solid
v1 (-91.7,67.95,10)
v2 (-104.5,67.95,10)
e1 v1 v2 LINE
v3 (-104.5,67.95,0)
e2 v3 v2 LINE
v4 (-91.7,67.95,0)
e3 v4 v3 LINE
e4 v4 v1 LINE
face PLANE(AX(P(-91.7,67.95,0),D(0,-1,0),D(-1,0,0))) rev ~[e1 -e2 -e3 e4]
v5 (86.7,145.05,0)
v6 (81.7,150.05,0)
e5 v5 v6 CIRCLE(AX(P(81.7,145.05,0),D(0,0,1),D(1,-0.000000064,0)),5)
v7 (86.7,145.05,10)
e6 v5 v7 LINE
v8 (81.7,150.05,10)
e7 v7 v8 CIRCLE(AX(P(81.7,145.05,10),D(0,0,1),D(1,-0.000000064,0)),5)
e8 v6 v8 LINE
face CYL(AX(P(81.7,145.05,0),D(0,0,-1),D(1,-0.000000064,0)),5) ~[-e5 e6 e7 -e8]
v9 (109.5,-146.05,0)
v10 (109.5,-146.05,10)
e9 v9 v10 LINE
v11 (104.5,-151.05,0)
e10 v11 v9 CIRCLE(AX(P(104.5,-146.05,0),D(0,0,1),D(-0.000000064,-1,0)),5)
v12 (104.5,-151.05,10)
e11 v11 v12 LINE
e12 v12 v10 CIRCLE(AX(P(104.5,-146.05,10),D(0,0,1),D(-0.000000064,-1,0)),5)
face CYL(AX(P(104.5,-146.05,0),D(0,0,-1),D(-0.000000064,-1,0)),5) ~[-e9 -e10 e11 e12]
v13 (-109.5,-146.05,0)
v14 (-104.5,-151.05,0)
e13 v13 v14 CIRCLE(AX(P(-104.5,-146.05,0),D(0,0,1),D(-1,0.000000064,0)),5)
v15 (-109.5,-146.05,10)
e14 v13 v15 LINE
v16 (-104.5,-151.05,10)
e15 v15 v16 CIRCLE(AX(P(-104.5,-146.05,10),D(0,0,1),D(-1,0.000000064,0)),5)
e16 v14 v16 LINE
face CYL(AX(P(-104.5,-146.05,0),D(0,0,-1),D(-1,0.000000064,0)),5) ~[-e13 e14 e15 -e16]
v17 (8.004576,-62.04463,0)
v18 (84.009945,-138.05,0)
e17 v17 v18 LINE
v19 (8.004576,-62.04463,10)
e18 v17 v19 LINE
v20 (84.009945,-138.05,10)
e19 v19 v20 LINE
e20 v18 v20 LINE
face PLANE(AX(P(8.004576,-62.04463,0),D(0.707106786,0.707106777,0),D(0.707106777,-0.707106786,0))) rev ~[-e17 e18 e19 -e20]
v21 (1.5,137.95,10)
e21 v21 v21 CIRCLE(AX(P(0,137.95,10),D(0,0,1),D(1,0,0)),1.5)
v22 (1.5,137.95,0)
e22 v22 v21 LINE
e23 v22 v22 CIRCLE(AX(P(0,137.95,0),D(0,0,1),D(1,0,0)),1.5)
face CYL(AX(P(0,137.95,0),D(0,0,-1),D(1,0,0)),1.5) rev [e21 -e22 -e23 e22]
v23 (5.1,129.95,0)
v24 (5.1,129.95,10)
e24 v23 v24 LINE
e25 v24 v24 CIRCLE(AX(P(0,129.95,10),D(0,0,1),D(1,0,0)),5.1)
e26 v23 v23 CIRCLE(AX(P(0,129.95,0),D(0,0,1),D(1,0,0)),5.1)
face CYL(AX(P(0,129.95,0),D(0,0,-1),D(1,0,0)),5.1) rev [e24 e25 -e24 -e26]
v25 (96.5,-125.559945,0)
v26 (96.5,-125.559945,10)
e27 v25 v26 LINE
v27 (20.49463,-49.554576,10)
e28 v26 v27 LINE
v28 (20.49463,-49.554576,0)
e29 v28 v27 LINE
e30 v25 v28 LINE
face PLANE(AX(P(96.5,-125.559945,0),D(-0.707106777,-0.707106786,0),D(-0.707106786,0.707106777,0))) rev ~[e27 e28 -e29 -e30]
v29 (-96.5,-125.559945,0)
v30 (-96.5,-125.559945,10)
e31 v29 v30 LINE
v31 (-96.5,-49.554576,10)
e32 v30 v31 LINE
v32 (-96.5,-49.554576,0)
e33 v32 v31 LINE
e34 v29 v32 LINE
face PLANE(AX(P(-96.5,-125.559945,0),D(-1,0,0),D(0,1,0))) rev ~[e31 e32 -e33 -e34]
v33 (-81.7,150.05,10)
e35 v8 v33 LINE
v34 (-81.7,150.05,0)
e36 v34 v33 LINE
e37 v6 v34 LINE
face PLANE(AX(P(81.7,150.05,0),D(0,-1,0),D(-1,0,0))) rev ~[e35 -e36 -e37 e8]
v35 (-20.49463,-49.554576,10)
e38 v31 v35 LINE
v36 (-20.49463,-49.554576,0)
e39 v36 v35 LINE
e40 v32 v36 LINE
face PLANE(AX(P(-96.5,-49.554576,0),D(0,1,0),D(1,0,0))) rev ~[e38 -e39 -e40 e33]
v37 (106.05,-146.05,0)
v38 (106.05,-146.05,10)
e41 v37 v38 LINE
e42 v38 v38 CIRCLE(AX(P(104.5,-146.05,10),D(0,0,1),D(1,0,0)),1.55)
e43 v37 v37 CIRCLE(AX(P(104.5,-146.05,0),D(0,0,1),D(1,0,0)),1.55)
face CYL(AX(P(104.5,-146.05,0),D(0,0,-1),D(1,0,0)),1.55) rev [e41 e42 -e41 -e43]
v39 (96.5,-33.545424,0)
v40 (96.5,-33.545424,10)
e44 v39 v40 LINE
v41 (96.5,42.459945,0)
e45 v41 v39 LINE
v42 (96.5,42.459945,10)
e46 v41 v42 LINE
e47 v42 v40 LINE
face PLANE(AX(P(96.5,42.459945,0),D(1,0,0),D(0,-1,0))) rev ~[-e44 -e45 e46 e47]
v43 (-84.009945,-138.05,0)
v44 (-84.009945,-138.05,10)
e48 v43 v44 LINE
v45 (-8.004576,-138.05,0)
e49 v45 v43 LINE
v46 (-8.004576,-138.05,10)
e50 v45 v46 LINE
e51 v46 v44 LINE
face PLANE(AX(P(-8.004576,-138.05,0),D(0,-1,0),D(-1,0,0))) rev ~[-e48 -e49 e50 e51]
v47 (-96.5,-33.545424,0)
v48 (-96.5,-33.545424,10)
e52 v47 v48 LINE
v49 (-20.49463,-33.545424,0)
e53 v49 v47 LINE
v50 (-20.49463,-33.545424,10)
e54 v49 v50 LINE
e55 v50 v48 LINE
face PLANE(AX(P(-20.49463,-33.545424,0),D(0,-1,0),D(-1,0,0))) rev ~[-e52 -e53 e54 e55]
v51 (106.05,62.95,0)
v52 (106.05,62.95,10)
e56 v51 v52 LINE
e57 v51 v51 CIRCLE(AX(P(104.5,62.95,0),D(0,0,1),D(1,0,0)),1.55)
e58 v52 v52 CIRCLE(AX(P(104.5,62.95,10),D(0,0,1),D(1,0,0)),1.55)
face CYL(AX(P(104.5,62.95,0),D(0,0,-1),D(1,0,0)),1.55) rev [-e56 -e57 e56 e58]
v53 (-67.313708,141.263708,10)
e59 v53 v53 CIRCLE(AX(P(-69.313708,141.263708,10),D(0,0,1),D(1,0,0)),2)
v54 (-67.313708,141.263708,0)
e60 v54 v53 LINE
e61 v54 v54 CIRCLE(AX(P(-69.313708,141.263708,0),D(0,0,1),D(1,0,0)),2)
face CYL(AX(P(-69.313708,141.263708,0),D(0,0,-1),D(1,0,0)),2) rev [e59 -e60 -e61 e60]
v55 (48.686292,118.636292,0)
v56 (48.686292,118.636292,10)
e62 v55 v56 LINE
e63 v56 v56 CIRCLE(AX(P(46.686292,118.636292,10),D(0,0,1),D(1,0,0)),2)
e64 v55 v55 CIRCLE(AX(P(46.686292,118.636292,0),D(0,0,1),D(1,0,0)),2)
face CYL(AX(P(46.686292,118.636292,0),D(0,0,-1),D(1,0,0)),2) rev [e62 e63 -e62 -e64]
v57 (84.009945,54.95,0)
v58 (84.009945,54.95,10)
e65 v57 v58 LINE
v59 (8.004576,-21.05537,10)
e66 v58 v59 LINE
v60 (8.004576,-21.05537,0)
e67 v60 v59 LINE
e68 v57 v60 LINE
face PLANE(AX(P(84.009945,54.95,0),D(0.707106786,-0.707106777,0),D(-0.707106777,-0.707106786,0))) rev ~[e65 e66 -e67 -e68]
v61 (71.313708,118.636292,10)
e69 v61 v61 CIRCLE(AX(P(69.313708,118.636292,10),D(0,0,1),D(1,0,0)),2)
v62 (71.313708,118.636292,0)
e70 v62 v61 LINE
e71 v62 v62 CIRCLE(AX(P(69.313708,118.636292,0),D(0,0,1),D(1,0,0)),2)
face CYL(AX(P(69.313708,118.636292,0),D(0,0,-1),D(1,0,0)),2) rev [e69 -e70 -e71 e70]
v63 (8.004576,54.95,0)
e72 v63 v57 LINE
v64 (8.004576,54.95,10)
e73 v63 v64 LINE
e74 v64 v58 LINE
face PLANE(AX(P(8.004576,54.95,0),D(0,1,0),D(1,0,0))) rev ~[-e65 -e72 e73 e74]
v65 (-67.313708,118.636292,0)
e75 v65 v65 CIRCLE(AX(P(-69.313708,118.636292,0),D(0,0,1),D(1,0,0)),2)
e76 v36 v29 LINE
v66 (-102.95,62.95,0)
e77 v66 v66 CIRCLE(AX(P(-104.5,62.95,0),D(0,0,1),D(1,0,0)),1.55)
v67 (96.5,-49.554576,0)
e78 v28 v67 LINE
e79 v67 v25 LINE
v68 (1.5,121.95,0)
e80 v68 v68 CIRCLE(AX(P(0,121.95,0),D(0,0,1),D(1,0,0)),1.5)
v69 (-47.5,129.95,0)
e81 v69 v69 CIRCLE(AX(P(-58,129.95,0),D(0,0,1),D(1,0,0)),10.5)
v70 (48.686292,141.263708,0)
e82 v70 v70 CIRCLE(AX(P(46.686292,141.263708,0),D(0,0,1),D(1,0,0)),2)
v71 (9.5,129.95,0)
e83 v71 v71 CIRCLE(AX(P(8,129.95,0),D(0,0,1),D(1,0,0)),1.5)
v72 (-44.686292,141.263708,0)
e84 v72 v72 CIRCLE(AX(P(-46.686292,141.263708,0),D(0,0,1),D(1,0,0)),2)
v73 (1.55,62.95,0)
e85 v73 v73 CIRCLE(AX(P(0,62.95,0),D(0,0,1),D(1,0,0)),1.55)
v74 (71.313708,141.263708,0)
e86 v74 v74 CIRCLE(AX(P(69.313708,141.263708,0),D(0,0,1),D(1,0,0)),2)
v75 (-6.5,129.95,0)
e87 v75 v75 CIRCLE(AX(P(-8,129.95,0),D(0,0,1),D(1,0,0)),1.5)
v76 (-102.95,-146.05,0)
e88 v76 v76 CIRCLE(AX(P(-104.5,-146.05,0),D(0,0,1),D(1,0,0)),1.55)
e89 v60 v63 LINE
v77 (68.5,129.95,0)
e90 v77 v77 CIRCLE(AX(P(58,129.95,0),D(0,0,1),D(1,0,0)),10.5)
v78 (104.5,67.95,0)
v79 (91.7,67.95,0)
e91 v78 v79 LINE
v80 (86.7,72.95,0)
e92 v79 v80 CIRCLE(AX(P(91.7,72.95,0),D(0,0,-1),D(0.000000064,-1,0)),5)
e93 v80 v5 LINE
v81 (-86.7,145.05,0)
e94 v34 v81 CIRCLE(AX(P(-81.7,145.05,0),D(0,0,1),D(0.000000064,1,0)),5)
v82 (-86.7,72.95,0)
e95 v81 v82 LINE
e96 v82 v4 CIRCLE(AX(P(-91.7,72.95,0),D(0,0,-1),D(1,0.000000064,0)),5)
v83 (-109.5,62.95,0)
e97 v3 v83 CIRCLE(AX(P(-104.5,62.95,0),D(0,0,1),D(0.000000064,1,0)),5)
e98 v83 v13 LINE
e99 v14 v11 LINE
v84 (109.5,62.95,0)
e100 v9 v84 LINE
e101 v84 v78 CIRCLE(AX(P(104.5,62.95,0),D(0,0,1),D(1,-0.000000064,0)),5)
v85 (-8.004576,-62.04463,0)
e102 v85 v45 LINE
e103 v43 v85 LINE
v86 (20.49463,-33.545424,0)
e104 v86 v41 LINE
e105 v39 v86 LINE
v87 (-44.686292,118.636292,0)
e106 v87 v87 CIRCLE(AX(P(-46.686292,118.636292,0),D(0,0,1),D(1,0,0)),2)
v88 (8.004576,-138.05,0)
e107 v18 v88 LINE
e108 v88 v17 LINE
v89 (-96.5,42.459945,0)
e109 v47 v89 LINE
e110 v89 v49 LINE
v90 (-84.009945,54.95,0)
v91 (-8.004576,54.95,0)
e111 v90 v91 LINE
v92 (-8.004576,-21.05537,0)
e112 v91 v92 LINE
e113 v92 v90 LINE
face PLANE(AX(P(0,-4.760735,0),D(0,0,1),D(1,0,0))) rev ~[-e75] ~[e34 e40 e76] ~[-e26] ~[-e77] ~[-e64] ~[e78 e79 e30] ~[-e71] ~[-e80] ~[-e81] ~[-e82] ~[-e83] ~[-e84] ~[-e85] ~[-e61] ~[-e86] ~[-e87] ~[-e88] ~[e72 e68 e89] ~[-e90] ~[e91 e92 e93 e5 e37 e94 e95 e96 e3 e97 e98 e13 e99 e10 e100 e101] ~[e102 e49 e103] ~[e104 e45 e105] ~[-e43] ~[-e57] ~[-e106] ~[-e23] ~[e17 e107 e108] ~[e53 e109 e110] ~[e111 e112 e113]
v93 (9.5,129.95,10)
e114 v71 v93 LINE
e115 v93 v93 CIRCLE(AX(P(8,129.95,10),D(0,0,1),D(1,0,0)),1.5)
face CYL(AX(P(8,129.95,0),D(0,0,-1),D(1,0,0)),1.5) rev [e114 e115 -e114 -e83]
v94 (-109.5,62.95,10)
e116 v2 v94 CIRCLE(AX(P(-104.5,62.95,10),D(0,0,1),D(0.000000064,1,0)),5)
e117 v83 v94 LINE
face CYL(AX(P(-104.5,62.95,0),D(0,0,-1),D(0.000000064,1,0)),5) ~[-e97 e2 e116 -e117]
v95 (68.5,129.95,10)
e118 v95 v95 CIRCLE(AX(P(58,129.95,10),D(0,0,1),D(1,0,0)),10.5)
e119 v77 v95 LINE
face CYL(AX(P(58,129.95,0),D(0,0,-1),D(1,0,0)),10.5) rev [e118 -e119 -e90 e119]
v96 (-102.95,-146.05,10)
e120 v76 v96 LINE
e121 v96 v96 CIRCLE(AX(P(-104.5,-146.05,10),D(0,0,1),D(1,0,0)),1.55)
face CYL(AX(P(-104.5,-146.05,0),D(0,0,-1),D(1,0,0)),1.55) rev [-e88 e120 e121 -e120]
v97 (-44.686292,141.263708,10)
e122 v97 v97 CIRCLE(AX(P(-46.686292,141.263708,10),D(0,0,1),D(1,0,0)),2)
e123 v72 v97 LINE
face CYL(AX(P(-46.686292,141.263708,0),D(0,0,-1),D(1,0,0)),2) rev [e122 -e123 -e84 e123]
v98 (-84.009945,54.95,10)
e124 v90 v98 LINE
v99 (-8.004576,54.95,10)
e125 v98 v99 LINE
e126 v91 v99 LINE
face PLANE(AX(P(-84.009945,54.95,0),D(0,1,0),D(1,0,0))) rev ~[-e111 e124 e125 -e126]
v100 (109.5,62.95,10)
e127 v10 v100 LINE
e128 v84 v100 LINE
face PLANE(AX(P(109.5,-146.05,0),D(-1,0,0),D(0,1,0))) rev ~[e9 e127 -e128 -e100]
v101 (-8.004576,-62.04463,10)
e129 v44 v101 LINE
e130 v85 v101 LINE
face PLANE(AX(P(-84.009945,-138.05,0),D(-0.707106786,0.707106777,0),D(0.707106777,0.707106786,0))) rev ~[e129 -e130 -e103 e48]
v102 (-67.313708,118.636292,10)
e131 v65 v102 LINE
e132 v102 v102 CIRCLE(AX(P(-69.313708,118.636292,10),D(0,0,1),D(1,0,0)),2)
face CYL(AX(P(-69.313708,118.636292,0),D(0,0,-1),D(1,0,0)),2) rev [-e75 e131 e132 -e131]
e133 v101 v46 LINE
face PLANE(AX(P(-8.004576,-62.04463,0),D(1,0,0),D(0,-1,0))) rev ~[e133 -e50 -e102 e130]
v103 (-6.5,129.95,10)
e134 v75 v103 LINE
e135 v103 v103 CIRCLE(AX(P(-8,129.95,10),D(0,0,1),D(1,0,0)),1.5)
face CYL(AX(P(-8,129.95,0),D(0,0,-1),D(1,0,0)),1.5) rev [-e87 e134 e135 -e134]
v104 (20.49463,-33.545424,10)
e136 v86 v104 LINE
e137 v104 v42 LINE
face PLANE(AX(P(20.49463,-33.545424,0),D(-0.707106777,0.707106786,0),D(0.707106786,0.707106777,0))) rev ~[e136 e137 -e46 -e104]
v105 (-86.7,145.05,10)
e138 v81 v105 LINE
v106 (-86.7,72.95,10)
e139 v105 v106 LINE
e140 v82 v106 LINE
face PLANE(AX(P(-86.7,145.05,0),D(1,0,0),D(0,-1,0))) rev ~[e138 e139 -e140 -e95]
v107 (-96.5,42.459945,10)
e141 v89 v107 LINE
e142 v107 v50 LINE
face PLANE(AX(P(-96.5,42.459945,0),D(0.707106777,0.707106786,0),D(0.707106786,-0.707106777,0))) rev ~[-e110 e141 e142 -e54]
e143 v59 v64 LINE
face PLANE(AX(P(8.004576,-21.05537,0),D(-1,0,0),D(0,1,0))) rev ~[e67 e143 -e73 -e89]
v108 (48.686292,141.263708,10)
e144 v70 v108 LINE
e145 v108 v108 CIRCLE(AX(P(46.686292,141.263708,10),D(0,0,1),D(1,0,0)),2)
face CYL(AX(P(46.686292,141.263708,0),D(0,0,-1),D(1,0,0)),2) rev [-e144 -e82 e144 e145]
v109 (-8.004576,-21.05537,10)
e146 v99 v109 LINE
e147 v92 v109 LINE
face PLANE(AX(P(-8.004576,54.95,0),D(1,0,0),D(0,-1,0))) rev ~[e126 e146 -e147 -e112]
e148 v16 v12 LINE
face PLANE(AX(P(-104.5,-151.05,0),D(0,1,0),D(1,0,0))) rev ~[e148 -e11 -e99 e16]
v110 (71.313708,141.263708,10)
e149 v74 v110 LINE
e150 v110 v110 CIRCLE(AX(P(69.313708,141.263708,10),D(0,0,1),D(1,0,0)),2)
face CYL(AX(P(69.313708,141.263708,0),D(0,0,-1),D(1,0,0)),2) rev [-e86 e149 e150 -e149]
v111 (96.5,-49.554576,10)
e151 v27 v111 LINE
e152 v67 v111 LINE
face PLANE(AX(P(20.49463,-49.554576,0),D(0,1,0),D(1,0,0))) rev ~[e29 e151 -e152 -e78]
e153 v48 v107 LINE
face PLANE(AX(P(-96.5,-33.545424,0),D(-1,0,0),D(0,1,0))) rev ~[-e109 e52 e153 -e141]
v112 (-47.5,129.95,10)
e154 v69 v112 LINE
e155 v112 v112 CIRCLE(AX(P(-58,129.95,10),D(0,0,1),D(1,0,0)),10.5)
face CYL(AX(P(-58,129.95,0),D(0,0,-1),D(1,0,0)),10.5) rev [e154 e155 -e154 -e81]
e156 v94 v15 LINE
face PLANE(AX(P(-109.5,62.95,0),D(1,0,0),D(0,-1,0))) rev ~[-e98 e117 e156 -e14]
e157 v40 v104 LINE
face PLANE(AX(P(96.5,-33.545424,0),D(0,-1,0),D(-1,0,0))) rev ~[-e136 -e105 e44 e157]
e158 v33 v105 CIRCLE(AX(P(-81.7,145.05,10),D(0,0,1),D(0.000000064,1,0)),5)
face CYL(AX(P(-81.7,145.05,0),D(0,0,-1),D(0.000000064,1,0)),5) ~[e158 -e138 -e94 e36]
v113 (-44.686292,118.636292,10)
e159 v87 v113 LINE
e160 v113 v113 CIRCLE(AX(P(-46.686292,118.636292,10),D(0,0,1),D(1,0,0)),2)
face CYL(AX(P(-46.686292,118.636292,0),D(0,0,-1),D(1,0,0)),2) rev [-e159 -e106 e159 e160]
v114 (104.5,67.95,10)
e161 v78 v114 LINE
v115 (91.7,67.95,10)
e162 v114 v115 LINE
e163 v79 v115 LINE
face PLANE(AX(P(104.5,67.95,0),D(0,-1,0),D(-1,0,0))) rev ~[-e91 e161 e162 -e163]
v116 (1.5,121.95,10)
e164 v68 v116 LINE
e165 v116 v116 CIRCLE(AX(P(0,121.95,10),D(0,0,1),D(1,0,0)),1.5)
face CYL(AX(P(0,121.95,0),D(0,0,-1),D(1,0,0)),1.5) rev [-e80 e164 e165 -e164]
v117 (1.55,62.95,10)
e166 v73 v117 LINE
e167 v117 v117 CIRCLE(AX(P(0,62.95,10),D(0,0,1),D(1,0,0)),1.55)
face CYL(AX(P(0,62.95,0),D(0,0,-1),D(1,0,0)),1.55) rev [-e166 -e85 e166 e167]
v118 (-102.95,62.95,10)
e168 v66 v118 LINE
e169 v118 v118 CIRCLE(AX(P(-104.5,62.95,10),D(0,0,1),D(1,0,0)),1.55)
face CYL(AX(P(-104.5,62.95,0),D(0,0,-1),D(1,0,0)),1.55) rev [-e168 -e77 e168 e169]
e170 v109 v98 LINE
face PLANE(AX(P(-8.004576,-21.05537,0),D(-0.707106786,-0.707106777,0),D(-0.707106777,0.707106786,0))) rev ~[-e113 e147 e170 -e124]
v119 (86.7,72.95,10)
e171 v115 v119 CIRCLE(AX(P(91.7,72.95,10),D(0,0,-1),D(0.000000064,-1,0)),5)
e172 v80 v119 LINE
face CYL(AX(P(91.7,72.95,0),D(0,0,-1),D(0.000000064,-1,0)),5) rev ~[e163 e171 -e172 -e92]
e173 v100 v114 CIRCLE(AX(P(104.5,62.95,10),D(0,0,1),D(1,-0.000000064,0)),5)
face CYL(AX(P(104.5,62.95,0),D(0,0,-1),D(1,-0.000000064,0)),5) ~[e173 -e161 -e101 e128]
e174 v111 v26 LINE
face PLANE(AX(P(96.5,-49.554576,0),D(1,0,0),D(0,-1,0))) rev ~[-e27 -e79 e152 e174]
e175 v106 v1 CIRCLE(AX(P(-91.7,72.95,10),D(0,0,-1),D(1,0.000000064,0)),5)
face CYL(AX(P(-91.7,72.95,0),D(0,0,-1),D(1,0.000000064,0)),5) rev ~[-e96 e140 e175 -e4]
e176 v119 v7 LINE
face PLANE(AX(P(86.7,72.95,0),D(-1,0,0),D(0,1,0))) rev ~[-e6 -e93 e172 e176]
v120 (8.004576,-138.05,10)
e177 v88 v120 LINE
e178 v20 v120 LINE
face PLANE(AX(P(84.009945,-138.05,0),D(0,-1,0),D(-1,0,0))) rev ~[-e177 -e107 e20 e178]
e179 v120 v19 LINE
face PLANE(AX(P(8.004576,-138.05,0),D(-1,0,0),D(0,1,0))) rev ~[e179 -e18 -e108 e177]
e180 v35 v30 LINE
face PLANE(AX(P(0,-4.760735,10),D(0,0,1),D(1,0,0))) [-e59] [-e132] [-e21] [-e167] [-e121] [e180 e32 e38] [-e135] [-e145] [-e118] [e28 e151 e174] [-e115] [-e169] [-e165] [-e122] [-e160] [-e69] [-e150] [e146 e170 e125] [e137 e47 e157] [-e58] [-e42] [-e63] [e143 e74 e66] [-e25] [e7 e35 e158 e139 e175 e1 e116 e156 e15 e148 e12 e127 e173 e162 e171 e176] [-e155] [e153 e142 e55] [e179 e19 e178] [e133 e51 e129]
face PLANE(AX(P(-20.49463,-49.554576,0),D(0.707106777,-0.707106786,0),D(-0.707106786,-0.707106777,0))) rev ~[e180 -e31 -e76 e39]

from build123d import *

# Parameters (mm, degrees)
F0_R     = 1.55
F0_R_2   = 2
F0_R_3   = 10.5
F0_R_4   = 1.5
F0_R_5   = 5.1
F1_DEPTH = 10


with BuildPart() as f1:
    # F0 (on Top) → F1 (new body)
    with BuildSketch(Plane.XY):
        with BuildLine():
            ThreePointArc((-81.7, 150.05), (-85.235534, 148.585534), (-86.7, 145.05))
            Line((-86.7, 145.05), (-86.7, 72.95))
            ThreePointArc((-86.7, 72.95), (-88.164466, 69.414466), (-91.7, 67.95))
            Line((-91.7, 67.95), (-104.5, 67.95))
            ThreePointArc((-104.5, 67.95), (-108.035534, 66.485534), (-109.5, 62.95))
            Line((-109.5, 62.95), (-109.5, -146.05))
            ThreePointArc((-109.5, -146.05), (-108.035534, -149.585534), (-104.5, -151.05))
            Line((-104.5, -151.05), (104.5, -151.05))
            ThreePointArc((104.5, -151.05), (108.035534, -149.585534), (109.5, -146.05))
            Line((109.5, -146.05), (109.5, 62.95))
            ThreePointArc((109.5, 62.95), (108.035534, 66.485534), (104.5, 67.95))
            Line((104.5, 67.95), (91.7, 67.95))
            ThreePointArc((91.7, 67.95), (88.164466, 69.414466), (86.7, 72.95))
            Line((86.7, 72.95), (86.7, 145.05))
            ThreePointArc((86.7, 145.05), (85.235534, 148.585534), (81.7, 150.05))
            Line((81.7, 150.05), (-81.7, 150.05))
        make_face()
        with Locations((-104.5, -146.05)):
            Circle(F0_R, mode=Mode.SUBTRACT)
        Polygon((-96.5, -125.559945), (-96.5, -49.554576), (-20.49463, -49.554576), align=None, mode=Mode.SUBTRACT)
        Polygon((-84.009945, -138.05), (-8.004576, -62.04463), (-8.004576, -138.05), align=None, mode=Mode.SUBTRACT)
        Polygon((8.004576, -62.04463), (84.009945, -138.05), (8.004576, -138.05), align=None, mode=Mode.SUBTRACT)
        with Locations((104.5, -146.05)):
            Circle(F0_R, mode=Mode.SUBTRACT)
        Polygon((96.5, -49.554576), (96.5, -125.559945), (20.49463, -49.554576), align=None, mode=Mode.SUBTRACT)
        Polygon((-96.5, -33.545424), (-96.5, 42.459945), (-20.49463, -33.545424), align=None, mode=Mode.SUBTRACT)
        with Locations((-104.5, 62.95)):
            Circle(F0_R, mode=Mode.SUBTRACT)
        Polygon((-8.004576, -21.05537), (-84.009945, 54.95), (-8.004576, 54.95), align=None, mode=Mode.SUBTRACT)
        with Locations((-69.313708, 118.636292)):
            Circle(F0_R_2, mode=Mode.SUBTRACT)
        with Locations((-58, 129.95)):
            Circle(F0_R_3, mode=Mode.SUBTRACT)
        with Locations((-69.313708, 141.263708)):
            Circle(F0_R_2, mode=Mode.SUBTRACT)
        with Locations((-46.686292, 118.636292)):
            Circle(F0_R_2, mode=Mode.SUBTRACT)
        with Locations((-46.686292, 141.263708)):
            Circle(F0_R_2, mode=Mode.SUBTRACT)
        with Locations((-8, 129.95)):
            Circle(F0_R_4, mode=Mode.SUBTRACT)
        Polygon((84.009945, 54.95), (8.004576, -21.05537), (8.004576, 54.95), align=None, mode=Mode.SUBTRACT)
        with Locations((0, 62.95)):
            Circle(F0_R, mode=Mode.SUBTRACT)
        Polygon((96.5, -33.545424), (20.49463, -33.545424), (96.5, 42.459945), align=None, mode=Mode.SUBTRACT)
        with Locations((104.5, 62.95)):
            Circle(F0_R, mode=Mode.SUBTRACT)
        with Locations((0, 121.95)):
            Circle(F0_R_4, mode=Mode.SUBTRACT)
        with Locations((0, 129.95)):
            Circle(F0_R_5, mode=Mode.SUBTRACT)
        with Locations((8, 129.95)):
            Circle(F0_R_4, mode=Mode.SUBTRACT)
        with Locations((0, 137.95)):
            Circle(F0_R_4, mode=Mode.SUBTRACT)
        with Locations((46.686292, 118.636292)):
            Circle(F0_R_2, mode=Mode.SUBTRACT)
        with Locations((46.686292, 141.263708)):
            Circle(F0_R_2, mode=Mode.SUBTRACT)
        with Locations((58, 129.95)):
            Circle(F0_R_3, mode=Mode.SUBTRACT)
        with Locations((69.313708, 118.636292)):
            Circle(F0_R_2, mode=Mode.SUBTRACT)
        with Locations((69.313708, 141.263708)):
            Circle(F0_R_2, mode=Mode.SUBTRACT)
    extrude(amount=F1_DEPTH)


solid = f1.part
